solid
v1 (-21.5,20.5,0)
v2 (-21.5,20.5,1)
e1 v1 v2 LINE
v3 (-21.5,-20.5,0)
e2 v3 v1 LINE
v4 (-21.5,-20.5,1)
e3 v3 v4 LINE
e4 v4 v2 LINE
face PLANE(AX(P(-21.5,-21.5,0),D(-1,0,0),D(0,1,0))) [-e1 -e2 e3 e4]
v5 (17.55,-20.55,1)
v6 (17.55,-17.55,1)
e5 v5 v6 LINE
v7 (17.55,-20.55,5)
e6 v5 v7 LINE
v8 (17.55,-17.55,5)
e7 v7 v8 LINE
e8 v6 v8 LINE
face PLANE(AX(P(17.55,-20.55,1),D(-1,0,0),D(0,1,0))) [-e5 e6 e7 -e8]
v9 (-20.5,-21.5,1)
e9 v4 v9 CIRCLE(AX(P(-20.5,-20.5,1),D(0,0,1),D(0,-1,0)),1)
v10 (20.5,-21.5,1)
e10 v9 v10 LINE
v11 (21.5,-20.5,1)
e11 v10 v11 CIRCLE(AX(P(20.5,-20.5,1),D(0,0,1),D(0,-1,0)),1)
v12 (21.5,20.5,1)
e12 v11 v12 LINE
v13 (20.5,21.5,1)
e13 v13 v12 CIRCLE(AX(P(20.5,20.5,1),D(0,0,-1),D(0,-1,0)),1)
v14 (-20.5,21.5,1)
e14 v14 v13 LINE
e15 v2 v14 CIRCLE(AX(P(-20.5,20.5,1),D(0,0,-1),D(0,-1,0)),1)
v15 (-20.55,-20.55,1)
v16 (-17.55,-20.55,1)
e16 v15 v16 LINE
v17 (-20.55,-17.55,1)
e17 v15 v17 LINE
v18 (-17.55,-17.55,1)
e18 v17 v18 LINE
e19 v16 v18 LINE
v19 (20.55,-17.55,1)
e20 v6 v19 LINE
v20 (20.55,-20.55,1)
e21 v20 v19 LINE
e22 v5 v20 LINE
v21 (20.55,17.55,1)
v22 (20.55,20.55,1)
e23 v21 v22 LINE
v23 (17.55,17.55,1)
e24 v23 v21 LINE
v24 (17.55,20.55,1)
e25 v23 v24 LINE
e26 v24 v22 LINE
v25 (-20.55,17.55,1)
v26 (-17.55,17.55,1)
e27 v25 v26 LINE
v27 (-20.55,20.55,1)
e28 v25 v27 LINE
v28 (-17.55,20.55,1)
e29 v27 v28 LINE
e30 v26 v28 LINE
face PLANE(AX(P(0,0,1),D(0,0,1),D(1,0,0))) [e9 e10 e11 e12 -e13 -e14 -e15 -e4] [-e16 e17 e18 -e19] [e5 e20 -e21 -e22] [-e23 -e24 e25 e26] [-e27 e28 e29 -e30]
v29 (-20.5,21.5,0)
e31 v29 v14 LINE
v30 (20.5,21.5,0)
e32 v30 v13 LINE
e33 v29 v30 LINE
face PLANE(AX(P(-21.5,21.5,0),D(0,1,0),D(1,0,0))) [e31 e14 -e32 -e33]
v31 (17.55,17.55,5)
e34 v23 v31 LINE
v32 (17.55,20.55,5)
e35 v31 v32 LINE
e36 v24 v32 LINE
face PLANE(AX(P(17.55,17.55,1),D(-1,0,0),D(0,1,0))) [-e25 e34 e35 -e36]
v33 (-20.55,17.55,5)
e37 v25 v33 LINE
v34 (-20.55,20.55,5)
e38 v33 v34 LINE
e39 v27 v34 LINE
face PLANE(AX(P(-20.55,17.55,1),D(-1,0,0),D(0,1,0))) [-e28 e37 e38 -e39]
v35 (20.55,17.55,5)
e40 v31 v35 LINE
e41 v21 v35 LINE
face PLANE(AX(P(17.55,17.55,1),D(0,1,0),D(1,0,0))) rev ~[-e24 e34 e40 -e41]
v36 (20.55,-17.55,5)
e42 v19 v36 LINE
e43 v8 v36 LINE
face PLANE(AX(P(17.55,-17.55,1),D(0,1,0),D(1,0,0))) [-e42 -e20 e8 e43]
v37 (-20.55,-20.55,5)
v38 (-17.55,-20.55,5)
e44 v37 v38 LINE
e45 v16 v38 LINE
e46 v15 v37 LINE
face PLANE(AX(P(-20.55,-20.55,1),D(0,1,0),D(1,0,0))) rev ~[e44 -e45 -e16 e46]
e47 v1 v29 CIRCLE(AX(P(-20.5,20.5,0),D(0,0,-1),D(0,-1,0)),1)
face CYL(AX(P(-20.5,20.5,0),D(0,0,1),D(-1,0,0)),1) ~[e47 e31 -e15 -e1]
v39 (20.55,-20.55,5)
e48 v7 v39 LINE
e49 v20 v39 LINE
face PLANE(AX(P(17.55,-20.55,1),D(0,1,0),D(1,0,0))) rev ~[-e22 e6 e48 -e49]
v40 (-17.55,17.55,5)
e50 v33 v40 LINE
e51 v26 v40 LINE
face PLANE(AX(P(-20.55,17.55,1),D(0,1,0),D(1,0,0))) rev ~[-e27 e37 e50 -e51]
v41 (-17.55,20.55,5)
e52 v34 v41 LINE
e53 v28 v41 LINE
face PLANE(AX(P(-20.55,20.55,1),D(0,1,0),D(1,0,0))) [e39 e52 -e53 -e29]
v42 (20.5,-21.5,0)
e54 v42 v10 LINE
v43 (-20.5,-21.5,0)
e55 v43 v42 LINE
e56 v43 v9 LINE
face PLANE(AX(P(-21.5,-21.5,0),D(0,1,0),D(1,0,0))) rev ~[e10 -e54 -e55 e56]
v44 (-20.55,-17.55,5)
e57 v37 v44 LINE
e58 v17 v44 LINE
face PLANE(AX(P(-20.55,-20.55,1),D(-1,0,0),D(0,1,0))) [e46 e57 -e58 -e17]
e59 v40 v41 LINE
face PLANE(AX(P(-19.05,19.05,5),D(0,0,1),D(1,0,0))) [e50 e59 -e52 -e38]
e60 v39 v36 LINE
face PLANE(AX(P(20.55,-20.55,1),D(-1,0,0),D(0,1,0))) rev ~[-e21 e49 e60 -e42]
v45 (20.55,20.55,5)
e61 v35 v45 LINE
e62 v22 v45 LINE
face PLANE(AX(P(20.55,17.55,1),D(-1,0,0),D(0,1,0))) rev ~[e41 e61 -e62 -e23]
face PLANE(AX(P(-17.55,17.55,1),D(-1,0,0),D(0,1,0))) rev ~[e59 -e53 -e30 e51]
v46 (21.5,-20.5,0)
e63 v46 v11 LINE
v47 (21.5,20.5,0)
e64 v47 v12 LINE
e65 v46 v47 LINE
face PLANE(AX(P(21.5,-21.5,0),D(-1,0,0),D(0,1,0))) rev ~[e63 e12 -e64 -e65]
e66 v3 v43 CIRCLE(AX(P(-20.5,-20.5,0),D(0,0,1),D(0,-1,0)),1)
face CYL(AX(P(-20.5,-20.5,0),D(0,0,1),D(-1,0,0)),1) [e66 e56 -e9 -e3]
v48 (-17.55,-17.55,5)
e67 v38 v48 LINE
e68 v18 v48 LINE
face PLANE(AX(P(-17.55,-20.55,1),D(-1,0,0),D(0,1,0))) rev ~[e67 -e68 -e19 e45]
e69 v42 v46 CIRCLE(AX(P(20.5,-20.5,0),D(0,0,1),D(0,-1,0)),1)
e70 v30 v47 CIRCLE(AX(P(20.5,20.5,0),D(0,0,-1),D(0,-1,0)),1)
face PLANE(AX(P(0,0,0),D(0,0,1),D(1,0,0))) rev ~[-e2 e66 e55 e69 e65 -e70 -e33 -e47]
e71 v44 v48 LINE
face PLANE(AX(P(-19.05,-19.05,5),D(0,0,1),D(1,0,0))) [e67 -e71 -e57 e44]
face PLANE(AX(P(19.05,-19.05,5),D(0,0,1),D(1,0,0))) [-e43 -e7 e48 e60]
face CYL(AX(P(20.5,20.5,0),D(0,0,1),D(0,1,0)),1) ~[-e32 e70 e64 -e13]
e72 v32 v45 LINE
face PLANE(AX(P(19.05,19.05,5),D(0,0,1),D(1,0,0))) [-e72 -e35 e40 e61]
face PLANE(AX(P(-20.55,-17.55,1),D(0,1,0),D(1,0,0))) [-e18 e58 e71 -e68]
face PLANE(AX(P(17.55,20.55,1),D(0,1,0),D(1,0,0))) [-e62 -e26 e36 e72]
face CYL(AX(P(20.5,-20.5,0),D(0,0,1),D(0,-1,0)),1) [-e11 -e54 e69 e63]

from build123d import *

# Parameters (mm, degrees)
SKETCH_W     = 43
SKETCH_H     = 43
PAD_DEPTH    = 1
SKETCH001_W  = 3
SKETCH001_H  = 3
PAD001_DEPTH = 4
FILLET_R     = 1
FILLET001_R  = 1
FILLET002_R  = 1
FILLET003_R  = 1


with BuildPart() as part:
    # Sketch → Pad (new body)
    with BuildSketch(Plane.XY):
        Rectangle(SKETCH_W, SKETCH_H)
    extrude(amount=PAD_DEPTH)

    # Sketch001 (on Face6 of Pad) → Pad001 (join)
    with BuildSketch(Plane.XY.offset(1)):
        with Locations((-19.05, 19.05)):
            Rectangle(SKETCH001_W, SKETCH001_H)
        with Locations((19.05, 19.05)):
            Rectangle(SKETCH001_W, SKETCH001_H)
        with Locations((-19.05, -19.05)):
            Rectangle(SKETCH001_W, SKETCH001_H)
        with Locations((19.05, -19.05)):
            Rectangle(SKETCH001_W, SKETCH001_H)
    extrude(amount=PAD001_DEPTH)

    # Fillet
    fillet_edges = [part.edges().sort_by_distance(p)[0] for p in [
        (-21.5, -21.5, 0.5),
    ]]
    fillet(fillet_edges, radius=FILLET_R)

    # Fillet001
    fillet001_edges = [part.edges().sort_by_distance(p)[0] for p in [
        (21.5, -21.5, 0.5),
    ]]
    fillet(fillet001_edges, radius=FILLET001_R)

    # Fillet002
    fillet002_edges = [part.edges().sort_by_distance(p)[0] for p in [
        (-21.5, 21.5, 0.5),
    ]]
    fillet(fillet002_edges, radius=FILLET002_R)

    # Fillet003
    fillet003_edges = [part.edges().sort_by_distance(p)[0] for p in [
        (21.5, 21.5, 0.5),
    ]]
    fillet(fillet003_edges, radius=FILLET003_R)


solid = part.part
